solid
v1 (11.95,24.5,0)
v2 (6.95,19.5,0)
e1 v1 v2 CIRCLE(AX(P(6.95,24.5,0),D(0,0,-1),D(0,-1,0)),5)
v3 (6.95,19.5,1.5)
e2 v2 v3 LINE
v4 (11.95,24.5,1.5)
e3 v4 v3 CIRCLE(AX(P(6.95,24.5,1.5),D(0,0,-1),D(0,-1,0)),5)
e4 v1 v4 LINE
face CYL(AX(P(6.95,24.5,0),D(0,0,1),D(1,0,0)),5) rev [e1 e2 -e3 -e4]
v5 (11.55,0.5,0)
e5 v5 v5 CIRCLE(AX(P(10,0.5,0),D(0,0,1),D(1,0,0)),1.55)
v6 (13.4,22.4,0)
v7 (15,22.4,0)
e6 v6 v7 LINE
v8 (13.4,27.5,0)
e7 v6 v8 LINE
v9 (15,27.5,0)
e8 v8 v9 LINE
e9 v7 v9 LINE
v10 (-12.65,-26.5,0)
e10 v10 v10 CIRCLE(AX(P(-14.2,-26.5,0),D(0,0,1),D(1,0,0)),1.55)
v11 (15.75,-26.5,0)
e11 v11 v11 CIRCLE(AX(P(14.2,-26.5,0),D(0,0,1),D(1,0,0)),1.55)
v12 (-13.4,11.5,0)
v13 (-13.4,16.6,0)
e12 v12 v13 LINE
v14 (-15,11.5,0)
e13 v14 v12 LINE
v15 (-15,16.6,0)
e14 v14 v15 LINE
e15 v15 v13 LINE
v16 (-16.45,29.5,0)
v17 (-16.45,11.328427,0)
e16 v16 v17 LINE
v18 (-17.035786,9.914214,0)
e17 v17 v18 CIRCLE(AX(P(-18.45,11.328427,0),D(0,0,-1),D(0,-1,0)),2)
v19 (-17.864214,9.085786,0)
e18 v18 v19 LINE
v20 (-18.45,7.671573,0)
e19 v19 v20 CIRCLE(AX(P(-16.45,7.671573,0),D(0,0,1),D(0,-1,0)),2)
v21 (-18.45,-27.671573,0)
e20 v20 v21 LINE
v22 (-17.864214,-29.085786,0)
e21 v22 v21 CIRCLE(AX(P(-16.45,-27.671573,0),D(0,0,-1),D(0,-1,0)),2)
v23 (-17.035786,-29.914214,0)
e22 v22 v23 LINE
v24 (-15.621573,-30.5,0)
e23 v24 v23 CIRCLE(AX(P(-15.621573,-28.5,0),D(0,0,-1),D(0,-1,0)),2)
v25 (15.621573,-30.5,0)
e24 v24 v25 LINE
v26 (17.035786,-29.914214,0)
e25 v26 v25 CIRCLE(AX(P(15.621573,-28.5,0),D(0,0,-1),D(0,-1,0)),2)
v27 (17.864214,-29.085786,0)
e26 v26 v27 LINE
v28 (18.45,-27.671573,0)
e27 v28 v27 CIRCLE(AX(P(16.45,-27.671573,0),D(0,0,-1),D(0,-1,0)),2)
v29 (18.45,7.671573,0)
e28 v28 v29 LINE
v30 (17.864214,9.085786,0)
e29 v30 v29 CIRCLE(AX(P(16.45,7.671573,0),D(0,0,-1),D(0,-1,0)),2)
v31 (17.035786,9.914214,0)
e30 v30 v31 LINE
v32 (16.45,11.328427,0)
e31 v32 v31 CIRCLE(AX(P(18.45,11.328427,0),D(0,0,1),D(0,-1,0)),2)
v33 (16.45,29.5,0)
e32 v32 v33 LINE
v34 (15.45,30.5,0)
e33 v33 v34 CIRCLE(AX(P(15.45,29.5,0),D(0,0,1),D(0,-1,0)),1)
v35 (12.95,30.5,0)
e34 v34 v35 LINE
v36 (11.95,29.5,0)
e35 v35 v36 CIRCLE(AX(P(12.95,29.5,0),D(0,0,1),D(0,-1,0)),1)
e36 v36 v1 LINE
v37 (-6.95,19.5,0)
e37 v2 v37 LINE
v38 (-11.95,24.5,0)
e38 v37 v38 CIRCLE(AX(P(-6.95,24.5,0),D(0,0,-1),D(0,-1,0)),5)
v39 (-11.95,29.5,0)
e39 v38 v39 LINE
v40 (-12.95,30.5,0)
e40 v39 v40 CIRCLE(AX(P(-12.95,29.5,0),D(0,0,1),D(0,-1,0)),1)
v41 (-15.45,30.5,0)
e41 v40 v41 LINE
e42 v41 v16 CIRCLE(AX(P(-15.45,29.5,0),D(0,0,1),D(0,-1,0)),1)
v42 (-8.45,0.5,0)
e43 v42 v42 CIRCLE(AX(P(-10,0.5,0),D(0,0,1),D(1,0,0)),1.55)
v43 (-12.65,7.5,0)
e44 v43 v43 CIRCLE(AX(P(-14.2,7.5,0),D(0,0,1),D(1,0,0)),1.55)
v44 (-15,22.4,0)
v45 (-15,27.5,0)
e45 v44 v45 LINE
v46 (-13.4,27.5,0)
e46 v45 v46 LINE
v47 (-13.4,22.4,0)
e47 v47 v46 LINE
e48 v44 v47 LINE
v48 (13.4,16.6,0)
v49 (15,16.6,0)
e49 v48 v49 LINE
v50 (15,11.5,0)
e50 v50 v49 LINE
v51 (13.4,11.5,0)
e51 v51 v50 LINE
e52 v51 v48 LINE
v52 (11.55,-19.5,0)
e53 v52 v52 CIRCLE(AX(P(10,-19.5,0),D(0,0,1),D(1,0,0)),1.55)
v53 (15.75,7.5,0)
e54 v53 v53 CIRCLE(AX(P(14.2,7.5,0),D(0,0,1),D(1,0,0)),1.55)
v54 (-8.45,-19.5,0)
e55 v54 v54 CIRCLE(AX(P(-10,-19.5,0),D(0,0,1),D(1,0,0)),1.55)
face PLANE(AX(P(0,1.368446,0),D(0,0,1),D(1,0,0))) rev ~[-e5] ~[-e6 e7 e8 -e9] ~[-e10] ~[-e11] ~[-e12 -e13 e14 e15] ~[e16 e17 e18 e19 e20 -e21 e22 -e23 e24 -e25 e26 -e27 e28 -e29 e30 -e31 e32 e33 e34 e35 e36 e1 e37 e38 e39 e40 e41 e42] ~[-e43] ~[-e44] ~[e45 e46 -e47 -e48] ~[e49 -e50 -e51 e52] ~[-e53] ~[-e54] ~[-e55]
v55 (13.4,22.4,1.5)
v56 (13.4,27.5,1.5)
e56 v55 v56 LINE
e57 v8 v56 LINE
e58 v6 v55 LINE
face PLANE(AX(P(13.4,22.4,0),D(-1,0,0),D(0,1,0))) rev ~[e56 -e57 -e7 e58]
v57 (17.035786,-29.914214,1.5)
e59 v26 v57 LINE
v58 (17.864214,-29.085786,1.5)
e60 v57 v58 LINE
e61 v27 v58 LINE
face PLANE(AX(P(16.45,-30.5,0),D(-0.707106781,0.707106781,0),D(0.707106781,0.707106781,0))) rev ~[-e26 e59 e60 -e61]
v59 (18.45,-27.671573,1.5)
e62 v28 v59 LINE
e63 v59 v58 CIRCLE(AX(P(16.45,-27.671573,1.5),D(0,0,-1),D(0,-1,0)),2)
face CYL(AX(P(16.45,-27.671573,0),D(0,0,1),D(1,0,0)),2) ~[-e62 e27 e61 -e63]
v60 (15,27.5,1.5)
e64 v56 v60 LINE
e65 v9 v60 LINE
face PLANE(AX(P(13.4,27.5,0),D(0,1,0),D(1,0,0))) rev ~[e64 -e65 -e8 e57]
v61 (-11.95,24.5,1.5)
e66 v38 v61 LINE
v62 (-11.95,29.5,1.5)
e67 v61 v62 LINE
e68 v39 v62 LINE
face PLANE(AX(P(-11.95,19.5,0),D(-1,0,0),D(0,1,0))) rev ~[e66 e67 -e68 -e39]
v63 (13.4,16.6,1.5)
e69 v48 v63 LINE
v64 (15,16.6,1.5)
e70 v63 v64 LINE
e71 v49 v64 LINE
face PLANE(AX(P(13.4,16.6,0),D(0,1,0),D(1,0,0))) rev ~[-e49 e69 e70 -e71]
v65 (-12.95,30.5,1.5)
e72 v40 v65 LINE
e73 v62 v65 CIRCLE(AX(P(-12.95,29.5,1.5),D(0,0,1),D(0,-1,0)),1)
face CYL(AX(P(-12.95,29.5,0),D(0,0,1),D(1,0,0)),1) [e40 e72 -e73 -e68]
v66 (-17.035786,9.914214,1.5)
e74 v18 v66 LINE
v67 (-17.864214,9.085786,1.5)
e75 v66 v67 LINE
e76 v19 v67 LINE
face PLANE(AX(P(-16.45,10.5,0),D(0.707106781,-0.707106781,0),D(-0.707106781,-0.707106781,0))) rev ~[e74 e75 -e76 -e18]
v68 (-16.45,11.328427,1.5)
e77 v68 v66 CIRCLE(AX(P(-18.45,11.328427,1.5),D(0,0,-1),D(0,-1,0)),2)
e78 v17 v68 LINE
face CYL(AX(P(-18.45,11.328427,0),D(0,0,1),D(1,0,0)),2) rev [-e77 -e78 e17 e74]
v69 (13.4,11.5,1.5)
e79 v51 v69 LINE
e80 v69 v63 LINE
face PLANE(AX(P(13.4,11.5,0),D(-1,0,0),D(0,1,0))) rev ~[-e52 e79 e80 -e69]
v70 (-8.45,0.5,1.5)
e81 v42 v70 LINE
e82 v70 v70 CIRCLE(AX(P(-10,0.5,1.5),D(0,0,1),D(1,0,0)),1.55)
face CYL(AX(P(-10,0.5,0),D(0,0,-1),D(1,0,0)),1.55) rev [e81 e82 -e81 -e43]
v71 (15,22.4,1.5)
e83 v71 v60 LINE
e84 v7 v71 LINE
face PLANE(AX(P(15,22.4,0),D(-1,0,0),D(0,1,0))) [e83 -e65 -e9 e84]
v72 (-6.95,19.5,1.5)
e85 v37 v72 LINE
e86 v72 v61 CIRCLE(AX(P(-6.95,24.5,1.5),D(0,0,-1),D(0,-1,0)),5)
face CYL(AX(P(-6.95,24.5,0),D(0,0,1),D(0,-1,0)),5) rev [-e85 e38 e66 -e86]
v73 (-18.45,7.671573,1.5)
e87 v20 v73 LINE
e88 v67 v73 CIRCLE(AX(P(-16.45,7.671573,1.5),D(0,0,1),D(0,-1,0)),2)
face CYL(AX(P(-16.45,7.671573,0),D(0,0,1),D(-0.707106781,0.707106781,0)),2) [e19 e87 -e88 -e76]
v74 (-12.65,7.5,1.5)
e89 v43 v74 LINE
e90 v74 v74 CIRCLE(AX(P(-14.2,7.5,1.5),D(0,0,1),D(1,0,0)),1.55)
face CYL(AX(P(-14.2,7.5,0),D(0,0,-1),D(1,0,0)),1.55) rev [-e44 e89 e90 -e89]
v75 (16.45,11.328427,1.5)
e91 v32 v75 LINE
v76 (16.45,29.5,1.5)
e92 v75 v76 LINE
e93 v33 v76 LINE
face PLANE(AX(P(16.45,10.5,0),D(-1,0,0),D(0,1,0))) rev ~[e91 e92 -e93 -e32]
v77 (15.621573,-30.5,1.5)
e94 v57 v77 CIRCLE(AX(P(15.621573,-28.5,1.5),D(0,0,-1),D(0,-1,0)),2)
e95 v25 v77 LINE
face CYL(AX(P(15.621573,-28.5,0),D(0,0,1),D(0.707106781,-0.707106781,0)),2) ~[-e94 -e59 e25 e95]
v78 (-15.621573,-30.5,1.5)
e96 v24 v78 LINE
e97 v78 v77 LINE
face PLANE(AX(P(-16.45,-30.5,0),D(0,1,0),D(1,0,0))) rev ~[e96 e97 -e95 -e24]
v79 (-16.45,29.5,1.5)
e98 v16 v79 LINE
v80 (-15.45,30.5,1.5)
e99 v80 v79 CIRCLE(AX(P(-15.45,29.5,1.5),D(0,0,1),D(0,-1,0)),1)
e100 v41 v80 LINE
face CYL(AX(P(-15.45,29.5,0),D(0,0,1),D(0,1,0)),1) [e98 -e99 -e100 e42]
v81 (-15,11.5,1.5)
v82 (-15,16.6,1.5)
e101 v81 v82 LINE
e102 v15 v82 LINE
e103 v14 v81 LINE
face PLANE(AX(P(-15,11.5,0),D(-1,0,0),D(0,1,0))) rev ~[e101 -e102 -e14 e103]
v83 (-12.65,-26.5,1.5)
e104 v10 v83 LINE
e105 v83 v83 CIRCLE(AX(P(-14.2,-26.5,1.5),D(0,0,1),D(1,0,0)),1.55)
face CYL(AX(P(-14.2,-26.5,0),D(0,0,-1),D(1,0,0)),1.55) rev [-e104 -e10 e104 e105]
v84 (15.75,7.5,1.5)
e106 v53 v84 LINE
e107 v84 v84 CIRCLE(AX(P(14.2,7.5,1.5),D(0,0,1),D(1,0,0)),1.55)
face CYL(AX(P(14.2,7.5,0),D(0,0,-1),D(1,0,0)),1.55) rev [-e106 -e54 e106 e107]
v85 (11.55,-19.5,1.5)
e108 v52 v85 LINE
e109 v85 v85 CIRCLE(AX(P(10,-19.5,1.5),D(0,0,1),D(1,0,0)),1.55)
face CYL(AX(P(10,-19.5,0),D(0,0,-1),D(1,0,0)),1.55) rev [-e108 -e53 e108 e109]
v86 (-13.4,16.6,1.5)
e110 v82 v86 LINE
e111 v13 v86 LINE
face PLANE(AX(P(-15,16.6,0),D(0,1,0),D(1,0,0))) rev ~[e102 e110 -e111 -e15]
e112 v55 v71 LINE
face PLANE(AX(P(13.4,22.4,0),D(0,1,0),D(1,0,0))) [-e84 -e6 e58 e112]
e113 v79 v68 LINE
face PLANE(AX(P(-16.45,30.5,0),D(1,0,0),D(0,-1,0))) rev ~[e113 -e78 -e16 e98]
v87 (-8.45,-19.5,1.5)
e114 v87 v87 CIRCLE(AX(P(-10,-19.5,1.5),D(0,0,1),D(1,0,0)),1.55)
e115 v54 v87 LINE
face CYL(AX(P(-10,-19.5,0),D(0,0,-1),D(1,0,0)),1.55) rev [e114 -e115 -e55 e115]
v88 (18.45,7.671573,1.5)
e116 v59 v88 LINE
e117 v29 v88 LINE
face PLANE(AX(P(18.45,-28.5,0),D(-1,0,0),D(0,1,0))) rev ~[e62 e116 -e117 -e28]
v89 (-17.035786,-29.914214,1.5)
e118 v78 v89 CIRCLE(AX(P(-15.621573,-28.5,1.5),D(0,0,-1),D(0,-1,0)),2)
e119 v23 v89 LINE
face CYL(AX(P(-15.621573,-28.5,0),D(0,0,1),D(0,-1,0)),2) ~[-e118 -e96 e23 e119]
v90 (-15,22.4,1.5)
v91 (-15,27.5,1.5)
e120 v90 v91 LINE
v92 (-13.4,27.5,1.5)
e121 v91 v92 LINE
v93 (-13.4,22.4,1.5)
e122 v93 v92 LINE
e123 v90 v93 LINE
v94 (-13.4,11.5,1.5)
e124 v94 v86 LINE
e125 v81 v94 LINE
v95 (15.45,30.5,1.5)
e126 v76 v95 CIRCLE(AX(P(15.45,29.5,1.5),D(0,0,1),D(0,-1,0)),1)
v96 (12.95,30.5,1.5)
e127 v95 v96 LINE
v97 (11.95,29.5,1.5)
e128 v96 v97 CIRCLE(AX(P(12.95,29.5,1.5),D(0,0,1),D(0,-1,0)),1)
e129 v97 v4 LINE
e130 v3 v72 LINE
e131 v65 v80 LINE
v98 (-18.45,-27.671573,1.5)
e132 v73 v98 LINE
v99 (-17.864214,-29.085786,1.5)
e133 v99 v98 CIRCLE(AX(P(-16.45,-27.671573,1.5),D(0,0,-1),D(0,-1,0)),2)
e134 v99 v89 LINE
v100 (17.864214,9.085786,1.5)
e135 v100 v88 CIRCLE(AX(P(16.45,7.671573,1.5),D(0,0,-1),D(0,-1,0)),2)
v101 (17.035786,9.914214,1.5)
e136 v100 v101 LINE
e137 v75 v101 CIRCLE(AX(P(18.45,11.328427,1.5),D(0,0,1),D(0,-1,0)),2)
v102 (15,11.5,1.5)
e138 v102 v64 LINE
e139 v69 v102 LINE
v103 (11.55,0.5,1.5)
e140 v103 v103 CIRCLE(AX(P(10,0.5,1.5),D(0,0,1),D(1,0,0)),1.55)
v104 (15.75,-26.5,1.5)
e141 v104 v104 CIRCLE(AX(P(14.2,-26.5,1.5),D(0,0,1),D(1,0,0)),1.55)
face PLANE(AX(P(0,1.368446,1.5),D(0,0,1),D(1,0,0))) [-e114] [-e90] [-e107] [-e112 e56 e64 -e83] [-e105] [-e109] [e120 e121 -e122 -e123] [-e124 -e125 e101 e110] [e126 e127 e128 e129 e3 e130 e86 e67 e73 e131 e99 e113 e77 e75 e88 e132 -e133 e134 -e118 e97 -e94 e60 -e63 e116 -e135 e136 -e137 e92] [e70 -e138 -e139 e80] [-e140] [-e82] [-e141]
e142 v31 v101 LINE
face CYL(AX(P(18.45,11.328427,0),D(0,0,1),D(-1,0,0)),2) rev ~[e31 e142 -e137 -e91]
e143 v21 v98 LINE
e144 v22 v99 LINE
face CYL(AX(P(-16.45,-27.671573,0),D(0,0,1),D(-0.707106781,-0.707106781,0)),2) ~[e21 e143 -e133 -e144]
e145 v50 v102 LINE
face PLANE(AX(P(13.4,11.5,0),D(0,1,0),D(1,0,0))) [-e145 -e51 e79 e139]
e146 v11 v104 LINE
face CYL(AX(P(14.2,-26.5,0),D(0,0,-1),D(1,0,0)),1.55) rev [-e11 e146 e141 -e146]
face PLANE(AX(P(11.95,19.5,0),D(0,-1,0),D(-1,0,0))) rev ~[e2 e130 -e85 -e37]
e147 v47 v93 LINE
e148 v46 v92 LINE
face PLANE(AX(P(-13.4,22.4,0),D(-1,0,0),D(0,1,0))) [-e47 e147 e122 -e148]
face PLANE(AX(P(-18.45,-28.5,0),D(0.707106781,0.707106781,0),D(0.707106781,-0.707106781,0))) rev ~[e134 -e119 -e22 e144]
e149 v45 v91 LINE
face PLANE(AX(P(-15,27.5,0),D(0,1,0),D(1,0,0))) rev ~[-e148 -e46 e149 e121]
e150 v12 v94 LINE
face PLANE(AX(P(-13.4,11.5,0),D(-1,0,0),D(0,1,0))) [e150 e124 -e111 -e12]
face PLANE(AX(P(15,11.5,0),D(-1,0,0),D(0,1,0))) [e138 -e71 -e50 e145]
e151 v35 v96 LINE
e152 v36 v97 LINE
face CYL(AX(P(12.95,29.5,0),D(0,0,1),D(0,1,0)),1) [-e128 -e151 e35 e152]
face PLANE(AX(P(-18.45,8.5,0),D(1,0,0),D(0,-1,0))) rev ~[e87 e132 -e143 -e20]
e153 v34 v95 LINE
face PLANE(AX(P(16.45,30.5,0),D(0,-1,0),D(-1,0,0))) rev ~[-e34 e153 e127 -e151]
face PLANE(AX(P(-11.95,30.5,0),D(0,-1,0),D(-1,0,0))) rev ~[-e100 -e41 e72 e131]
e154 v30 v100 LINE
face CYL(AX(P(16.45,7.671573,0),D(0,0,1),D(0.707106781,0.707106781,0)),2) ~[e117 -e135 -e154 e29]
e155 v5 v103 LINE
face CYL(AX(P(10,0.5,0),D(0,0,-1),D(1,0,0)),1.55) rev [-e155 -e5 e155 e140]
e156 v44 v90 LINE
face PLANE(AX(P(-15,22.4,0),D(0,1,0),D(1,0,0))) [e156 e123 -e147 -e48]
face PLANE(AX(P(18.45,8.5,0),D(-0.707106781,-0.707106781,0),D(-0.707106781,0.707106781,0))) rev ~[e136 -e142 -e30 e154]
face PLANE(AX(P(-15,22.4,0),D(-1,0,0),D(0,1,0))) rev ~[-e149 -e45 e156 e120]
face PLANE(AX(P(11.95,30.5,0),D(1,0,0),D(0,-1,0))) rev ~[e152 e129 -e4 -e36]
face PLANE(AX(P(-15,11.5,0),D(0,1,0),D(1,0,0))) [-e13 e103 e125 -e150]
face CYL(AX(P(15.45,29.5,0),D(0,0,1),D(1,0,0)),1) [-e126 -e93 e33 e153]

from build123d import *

# Parameters (mm, degrees)
F0_R     = 1.55
F0_W     = 1.6
F0_H     = 5.1
F1_DEPTH = 1.5
F2_R     = 5
F3_R     = 2
F4_R     = 1


with BuildPart() as f1:
    # F0 (on Top) → F1 (new body)
    with BuildSketch(Plane.XY):
        Polygon((-16.45, -30.5), (16.45, -30.5), (16.45, 10.5), (16.45, 30.5), (11.95, 30.5), (11.95, 19.5), (-11.95, 19.5), (-11.95, 30.5), (-16.45, 30.5), (-16.45, 10.5), align=None)
        with Locations((-14.2, -26.5)):
            Circle(F0_R, mode=Mode.SUBTRACT)
        with Locations((-10, -19.5)):
            Circle(F0_R, mode=Mode.SUBTRACT)
        with Locations((14.2, -26.5)):
            Circle(F0_R, mode=Mode.SUBTRACT)
        with Locations((10, -19.5)):
            Circle(F0_R, mode=Mode.SUBTRACT)
        with Locations((-14.2, 7.5)):
            Circle(F0_R, mode=Mode.SUBTRACT)
        with Locations((-10, 0.5)):
            Circle(F0_R, mode=Mode.SUBTRACT)
        with Locations((-14.2, 14.05)):
            Rectangle(F0_W, F0_H, mode=Mode.SUBTRACT)
        with Locations((-14.2, 24.95)):
            Rectangle(F0_W, F0_H, mode=Mode.SUBTRACT)
        with Locations((10, 0.5)):
            Circle(F0_R, mode=Mode.SUBTRACT)
        with Locations((14.2, 7.5)):
            Circle(F0_R, mode=Mode.SUBTRACT)
        with Locations((14.2, 14.05)):
            Rectangle(F0_W, F0_H, mode=Mode.SUBTRACT)
        with Locations((14.2, 24.95)):
            Rectangle(F0_W, F0_H, mode=Mode.SUBTRACT)
        Polygon((16.45, 10.5), (16.45, -30.5), (18.45, -28.5), (18.45, 8.5), align=None)
        Polygon((-18.45, -28.5), (-16.45, -30.5), (-16.45, 10.5), (-18.45, 8.5), align=None)
    extrude(amount=F1_DEPTH)

    # F2
    f2_edges = [f1.edges().sort_by_distance(p)[0] for p in [
        (-11.95, 19.5, 0.75),
        (11.95, 19.5, 0.75),
    ]]
    fillet(f2_edges, radius=F2_R)

    # F3
    f3_edges = [f1.edges().sort_by_distance(p)[0] for p in [
        (16.45, -30.5, 0.75),
        (18.45, -28.5, 0.75),
        (-18.45, -28.5, 0.75),
        (-16.45, -30.5, 0.75),
        (-18.45, 8.5, 0.75),
        (-16.45, 10.5, 0.75),
        (16.45, 10.5, 0.75),
        (18.45, 8.5, 0.75),
    ]]
    fillet(f3_edges, radius=F3_R)

    # F4
    f4_edges = [f1.edges().sort_by_distance(p)[0] for p in [
        (16.45, 30.5, 0.75),
        (11.95, 30.5, 0.75),
        (-11.95, 30.5, 0.75),
        (-16.45, 30.5, 0.75),
    ]]
    fillet(f4_edges, radius=F4_R)


solid = f1.part
